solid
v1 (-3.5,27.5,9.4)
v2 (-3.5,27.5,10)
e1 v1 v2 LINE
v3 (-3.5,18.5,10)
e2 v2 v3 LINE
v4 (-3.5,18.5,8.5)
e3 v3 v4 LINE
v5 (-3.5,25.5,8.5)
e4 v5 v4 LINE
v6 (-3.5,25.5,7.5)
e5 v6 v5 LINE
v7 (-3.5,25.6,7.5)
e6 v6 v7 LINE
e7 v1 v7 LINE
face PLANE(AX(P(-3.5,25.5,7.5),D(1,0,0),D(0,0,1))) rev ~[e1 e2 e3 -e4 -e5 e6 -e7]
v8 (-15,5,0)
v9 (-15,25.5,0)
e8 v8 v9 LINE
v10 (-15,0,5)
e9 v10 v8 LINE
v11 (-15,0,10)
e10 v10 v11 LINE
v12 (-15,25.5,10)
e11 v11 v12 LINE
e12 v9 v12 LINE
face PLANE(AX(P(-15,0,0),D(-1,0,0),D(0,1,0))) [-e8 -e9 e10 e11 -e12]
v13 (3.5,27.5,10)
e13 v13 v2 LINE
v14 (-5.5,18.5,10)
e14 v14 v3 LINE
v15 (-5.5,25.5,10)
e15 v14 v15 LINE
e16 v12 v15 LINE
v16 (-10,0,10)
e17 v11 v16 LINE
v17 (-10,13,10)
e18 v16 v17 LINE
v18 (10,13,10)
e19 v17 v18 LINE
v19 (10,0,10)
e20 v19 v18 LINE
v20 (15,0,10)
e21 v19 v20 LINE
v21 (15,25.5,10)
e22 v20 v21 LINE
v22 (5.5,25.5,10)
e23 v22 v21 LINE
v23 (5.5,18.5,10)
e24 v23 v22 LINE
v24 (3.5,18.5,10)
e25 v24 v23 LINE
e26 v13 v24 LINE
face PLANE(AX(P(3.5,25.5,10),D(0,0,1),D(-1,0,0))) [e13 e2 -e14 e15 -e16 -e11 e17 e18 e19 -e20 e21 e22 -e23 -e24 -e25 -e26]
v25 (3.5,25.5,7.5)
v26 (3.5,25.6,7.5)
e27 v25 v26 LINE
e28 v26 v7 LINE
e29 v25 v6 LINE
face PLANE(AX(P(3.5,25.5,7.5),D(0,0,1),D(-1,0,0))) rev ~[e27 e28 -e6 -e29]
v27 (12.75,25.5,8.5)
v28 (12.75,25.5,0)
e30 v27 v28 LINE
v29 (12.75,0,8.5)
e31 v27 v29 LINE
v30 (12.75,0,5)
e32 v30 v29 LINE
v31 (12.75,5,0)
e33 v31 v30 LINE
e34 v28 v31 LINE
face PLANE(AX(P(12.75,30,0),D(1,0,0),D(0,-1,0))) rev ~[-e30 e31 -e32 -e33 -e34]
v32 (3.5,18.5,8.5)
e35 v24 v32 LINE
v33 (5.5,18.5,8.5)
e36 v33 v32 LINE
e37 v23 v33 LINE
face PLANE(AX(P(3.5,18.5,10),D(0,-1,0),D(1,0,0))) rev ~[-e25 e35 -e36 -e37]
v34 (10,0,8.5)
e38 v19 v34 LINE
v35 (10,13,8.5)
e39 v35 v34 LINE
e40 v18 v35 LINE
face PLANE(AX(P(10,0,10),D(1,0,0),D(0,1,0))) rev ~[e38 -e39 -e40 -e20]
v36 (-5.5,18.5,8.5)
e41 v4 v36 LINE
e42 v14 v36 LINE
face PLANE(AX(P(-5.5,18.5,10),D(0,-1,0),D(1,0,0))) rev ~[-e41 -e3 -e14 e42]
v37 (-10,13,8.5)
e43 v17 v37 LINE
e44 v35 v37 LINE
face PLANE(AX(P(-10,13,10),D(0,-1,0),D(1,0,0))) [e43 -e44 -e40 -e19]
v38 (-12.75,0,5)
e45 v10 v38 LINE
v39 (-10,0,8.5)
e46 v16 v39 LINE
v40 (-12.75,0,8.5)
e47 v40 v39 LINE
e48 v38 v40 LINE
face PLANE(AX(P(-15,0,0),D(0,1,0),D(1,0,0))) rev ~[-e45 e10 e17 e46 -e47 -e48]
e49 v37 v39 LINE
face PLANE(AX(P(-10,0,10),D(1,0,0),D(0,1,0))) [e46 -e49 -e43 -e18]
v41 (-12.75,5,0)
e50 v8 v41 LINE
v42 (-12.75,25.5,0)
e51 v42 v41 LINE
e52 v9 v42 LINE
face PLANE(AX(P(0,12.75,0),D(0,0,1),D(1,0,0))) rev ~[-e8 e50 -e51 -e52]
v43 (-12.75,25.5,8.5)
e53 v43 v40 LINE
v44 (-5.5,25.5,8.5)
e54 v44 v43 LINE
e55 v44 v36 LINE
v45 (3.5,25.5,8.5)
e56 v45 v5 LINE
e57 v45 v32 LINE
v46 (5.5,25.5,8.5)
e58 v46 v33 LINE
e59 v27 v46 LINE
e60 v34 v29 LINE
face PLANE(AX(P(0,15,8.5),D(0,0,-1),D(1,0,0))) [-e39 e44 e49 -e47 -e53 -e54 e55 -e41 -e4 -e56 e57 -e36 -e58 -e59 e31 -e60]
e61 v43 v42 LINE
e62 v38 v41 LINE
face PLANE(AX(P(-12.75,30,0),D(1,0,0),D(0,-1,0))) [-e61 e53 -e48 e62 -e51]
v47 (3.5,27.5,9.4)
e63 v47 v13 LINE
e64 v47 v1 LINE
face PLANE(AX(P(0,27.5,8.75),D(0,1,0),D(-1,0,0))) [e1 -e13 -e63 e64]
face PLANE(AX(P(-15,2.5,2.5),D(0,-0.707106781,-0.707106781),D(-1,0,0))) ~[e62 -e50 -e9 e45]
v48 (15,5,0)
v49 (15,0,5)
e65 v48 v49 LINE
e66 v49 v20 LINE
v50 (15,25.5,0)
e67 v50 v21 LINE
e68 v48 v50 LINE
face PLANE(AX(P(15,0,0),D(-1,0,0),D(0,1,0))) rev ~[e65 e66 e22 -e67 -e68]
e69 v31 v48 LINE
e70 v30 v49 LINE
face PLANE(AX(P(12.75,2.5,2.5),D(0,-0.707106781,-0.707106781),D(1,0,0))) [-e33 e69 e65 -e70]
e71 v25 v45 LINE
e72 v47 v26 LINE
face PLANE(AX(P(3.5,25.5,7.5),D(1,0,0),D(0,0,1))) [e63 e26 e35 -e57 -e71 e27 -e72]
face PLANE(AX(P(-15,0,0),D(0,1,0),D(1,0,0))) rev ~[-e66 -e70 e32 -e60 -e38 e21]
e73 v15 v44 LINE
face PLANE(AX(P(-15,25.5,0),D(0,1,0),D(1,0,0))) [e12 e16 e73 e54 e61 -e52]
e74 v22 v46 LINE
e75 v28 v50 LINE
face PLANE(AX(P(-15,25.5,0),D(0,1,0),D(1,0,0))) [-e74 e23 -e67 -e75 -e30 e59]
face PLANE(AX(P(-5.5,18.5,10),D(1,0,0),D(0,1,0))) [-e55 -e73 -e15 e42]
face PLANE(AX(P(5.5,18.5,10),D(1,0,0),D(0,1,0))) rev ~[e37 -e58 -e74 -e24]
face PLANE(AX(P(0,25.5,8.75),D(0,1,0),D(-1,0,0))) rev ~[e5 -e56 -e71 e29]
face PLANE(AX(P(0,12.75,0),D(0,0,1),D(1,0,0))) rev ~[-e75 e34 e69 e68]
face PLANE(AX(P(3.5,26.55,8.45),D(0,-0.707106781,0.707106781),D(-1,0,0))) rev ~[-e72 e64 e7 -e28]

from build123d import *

# Parameters (mm, degrees)
SKETCH_W        = 30
SKETCH_H        = 25.5
PAD_DEPTH       = 10
SKETCH001_W     = 25.5
SKETCH001_H     = 30
POCKET_DEPTH    = 8.5
SKETCH002_W     = 20
SKETCH002_H     = 13
POCKET001_DEPTH = 5
CHAMFER_SIZE    = 5
SKETCH003_W     = 2
SKETCH003_H     = 7
POCKET002_DEPTH = 5
SKETCH004_W     = 7
SKETCH004_H     = 2.5
PAD001_DEPTH    = 2
CHAMFER001_SIZE = 1.9


with BuildPart() as part:
    # Sketch → Pad (new body)
    with BuildSketch(Plane.XY):
        with Locations((0, 12.75)):
            Rectangle(SKETCH_W, SKETCH_H)
    extrude(amount=PAD_DEPTH)

    # Sketch001 (on Face5 of Pad) → Pocket (cut)
    with BuildSketch(Plane(origin=(0, 0, 0), x_dir=(1, 0, 0), z_dir=(0, 0, -1))):
        with Locations((0, -15)):
            Rectangle(SKETCH001_W, SKETCH001_H)
    extrude(amount=-POCKET_DEPTH, mode=Mode.SUBTRACT)

    # Sketch002 → Pocket001 (cut)
    with BuildSketch(Plane.XY.offset(10)):
        with Locations((0, 6.5)):
            Rectangle(SKETCH002_W, SKETCH002_H)
    extrude(amount=-POCKET001_DEPTH, mode=Mode.SUBTRACT)

    # Chamfer
    chamfer_edges = [part.edges().sort_by_distance(p)[0] for p in [
        (13.875, 0, 0),
        (-13.875, 0, 0),
    ]]
    chamfer(chamfer_edges, length=CHAMFER_SIZE)

    # Sketch003 (on Face7 of Chamfer) → Pocket002 (cut)
    with BuildSketch(Plane.XY.offset(10)):
        with Locations((-4.5, 22)):
            Rectangle(SKETCH003_W, SKETCH003_H)
        with Locations((4.5, 22)):
            Rectangle(SKETCH003_W, SKETCH003_H)
    extrude(amount=-POCKET002_DEPTH, mode=Mode.SUBTRACT)

    # Sketch004 (on Face17 of Pocket002) → Pad001 (join)
    with BuildSketch(Plane(origin=(0, 25.5, 0), x_dir=(-1, 0, 0), z_dir=(0, 1, 0))):
        with Locations((0, 8.75)):
            Rectangle(SKETCH004_W, SKETCH004_H)
    extrude(amount=PAD001_DEPTH)

    # Chamfer001
    chamfer001_edges = [part.edges().sort_by_distance(p)[0] for p in [
        (0, 27.5, 7.5),
    ]]
    chamfer(chamfer001_edges, length=CHAMFER001_SIZE)


solid = part.part
